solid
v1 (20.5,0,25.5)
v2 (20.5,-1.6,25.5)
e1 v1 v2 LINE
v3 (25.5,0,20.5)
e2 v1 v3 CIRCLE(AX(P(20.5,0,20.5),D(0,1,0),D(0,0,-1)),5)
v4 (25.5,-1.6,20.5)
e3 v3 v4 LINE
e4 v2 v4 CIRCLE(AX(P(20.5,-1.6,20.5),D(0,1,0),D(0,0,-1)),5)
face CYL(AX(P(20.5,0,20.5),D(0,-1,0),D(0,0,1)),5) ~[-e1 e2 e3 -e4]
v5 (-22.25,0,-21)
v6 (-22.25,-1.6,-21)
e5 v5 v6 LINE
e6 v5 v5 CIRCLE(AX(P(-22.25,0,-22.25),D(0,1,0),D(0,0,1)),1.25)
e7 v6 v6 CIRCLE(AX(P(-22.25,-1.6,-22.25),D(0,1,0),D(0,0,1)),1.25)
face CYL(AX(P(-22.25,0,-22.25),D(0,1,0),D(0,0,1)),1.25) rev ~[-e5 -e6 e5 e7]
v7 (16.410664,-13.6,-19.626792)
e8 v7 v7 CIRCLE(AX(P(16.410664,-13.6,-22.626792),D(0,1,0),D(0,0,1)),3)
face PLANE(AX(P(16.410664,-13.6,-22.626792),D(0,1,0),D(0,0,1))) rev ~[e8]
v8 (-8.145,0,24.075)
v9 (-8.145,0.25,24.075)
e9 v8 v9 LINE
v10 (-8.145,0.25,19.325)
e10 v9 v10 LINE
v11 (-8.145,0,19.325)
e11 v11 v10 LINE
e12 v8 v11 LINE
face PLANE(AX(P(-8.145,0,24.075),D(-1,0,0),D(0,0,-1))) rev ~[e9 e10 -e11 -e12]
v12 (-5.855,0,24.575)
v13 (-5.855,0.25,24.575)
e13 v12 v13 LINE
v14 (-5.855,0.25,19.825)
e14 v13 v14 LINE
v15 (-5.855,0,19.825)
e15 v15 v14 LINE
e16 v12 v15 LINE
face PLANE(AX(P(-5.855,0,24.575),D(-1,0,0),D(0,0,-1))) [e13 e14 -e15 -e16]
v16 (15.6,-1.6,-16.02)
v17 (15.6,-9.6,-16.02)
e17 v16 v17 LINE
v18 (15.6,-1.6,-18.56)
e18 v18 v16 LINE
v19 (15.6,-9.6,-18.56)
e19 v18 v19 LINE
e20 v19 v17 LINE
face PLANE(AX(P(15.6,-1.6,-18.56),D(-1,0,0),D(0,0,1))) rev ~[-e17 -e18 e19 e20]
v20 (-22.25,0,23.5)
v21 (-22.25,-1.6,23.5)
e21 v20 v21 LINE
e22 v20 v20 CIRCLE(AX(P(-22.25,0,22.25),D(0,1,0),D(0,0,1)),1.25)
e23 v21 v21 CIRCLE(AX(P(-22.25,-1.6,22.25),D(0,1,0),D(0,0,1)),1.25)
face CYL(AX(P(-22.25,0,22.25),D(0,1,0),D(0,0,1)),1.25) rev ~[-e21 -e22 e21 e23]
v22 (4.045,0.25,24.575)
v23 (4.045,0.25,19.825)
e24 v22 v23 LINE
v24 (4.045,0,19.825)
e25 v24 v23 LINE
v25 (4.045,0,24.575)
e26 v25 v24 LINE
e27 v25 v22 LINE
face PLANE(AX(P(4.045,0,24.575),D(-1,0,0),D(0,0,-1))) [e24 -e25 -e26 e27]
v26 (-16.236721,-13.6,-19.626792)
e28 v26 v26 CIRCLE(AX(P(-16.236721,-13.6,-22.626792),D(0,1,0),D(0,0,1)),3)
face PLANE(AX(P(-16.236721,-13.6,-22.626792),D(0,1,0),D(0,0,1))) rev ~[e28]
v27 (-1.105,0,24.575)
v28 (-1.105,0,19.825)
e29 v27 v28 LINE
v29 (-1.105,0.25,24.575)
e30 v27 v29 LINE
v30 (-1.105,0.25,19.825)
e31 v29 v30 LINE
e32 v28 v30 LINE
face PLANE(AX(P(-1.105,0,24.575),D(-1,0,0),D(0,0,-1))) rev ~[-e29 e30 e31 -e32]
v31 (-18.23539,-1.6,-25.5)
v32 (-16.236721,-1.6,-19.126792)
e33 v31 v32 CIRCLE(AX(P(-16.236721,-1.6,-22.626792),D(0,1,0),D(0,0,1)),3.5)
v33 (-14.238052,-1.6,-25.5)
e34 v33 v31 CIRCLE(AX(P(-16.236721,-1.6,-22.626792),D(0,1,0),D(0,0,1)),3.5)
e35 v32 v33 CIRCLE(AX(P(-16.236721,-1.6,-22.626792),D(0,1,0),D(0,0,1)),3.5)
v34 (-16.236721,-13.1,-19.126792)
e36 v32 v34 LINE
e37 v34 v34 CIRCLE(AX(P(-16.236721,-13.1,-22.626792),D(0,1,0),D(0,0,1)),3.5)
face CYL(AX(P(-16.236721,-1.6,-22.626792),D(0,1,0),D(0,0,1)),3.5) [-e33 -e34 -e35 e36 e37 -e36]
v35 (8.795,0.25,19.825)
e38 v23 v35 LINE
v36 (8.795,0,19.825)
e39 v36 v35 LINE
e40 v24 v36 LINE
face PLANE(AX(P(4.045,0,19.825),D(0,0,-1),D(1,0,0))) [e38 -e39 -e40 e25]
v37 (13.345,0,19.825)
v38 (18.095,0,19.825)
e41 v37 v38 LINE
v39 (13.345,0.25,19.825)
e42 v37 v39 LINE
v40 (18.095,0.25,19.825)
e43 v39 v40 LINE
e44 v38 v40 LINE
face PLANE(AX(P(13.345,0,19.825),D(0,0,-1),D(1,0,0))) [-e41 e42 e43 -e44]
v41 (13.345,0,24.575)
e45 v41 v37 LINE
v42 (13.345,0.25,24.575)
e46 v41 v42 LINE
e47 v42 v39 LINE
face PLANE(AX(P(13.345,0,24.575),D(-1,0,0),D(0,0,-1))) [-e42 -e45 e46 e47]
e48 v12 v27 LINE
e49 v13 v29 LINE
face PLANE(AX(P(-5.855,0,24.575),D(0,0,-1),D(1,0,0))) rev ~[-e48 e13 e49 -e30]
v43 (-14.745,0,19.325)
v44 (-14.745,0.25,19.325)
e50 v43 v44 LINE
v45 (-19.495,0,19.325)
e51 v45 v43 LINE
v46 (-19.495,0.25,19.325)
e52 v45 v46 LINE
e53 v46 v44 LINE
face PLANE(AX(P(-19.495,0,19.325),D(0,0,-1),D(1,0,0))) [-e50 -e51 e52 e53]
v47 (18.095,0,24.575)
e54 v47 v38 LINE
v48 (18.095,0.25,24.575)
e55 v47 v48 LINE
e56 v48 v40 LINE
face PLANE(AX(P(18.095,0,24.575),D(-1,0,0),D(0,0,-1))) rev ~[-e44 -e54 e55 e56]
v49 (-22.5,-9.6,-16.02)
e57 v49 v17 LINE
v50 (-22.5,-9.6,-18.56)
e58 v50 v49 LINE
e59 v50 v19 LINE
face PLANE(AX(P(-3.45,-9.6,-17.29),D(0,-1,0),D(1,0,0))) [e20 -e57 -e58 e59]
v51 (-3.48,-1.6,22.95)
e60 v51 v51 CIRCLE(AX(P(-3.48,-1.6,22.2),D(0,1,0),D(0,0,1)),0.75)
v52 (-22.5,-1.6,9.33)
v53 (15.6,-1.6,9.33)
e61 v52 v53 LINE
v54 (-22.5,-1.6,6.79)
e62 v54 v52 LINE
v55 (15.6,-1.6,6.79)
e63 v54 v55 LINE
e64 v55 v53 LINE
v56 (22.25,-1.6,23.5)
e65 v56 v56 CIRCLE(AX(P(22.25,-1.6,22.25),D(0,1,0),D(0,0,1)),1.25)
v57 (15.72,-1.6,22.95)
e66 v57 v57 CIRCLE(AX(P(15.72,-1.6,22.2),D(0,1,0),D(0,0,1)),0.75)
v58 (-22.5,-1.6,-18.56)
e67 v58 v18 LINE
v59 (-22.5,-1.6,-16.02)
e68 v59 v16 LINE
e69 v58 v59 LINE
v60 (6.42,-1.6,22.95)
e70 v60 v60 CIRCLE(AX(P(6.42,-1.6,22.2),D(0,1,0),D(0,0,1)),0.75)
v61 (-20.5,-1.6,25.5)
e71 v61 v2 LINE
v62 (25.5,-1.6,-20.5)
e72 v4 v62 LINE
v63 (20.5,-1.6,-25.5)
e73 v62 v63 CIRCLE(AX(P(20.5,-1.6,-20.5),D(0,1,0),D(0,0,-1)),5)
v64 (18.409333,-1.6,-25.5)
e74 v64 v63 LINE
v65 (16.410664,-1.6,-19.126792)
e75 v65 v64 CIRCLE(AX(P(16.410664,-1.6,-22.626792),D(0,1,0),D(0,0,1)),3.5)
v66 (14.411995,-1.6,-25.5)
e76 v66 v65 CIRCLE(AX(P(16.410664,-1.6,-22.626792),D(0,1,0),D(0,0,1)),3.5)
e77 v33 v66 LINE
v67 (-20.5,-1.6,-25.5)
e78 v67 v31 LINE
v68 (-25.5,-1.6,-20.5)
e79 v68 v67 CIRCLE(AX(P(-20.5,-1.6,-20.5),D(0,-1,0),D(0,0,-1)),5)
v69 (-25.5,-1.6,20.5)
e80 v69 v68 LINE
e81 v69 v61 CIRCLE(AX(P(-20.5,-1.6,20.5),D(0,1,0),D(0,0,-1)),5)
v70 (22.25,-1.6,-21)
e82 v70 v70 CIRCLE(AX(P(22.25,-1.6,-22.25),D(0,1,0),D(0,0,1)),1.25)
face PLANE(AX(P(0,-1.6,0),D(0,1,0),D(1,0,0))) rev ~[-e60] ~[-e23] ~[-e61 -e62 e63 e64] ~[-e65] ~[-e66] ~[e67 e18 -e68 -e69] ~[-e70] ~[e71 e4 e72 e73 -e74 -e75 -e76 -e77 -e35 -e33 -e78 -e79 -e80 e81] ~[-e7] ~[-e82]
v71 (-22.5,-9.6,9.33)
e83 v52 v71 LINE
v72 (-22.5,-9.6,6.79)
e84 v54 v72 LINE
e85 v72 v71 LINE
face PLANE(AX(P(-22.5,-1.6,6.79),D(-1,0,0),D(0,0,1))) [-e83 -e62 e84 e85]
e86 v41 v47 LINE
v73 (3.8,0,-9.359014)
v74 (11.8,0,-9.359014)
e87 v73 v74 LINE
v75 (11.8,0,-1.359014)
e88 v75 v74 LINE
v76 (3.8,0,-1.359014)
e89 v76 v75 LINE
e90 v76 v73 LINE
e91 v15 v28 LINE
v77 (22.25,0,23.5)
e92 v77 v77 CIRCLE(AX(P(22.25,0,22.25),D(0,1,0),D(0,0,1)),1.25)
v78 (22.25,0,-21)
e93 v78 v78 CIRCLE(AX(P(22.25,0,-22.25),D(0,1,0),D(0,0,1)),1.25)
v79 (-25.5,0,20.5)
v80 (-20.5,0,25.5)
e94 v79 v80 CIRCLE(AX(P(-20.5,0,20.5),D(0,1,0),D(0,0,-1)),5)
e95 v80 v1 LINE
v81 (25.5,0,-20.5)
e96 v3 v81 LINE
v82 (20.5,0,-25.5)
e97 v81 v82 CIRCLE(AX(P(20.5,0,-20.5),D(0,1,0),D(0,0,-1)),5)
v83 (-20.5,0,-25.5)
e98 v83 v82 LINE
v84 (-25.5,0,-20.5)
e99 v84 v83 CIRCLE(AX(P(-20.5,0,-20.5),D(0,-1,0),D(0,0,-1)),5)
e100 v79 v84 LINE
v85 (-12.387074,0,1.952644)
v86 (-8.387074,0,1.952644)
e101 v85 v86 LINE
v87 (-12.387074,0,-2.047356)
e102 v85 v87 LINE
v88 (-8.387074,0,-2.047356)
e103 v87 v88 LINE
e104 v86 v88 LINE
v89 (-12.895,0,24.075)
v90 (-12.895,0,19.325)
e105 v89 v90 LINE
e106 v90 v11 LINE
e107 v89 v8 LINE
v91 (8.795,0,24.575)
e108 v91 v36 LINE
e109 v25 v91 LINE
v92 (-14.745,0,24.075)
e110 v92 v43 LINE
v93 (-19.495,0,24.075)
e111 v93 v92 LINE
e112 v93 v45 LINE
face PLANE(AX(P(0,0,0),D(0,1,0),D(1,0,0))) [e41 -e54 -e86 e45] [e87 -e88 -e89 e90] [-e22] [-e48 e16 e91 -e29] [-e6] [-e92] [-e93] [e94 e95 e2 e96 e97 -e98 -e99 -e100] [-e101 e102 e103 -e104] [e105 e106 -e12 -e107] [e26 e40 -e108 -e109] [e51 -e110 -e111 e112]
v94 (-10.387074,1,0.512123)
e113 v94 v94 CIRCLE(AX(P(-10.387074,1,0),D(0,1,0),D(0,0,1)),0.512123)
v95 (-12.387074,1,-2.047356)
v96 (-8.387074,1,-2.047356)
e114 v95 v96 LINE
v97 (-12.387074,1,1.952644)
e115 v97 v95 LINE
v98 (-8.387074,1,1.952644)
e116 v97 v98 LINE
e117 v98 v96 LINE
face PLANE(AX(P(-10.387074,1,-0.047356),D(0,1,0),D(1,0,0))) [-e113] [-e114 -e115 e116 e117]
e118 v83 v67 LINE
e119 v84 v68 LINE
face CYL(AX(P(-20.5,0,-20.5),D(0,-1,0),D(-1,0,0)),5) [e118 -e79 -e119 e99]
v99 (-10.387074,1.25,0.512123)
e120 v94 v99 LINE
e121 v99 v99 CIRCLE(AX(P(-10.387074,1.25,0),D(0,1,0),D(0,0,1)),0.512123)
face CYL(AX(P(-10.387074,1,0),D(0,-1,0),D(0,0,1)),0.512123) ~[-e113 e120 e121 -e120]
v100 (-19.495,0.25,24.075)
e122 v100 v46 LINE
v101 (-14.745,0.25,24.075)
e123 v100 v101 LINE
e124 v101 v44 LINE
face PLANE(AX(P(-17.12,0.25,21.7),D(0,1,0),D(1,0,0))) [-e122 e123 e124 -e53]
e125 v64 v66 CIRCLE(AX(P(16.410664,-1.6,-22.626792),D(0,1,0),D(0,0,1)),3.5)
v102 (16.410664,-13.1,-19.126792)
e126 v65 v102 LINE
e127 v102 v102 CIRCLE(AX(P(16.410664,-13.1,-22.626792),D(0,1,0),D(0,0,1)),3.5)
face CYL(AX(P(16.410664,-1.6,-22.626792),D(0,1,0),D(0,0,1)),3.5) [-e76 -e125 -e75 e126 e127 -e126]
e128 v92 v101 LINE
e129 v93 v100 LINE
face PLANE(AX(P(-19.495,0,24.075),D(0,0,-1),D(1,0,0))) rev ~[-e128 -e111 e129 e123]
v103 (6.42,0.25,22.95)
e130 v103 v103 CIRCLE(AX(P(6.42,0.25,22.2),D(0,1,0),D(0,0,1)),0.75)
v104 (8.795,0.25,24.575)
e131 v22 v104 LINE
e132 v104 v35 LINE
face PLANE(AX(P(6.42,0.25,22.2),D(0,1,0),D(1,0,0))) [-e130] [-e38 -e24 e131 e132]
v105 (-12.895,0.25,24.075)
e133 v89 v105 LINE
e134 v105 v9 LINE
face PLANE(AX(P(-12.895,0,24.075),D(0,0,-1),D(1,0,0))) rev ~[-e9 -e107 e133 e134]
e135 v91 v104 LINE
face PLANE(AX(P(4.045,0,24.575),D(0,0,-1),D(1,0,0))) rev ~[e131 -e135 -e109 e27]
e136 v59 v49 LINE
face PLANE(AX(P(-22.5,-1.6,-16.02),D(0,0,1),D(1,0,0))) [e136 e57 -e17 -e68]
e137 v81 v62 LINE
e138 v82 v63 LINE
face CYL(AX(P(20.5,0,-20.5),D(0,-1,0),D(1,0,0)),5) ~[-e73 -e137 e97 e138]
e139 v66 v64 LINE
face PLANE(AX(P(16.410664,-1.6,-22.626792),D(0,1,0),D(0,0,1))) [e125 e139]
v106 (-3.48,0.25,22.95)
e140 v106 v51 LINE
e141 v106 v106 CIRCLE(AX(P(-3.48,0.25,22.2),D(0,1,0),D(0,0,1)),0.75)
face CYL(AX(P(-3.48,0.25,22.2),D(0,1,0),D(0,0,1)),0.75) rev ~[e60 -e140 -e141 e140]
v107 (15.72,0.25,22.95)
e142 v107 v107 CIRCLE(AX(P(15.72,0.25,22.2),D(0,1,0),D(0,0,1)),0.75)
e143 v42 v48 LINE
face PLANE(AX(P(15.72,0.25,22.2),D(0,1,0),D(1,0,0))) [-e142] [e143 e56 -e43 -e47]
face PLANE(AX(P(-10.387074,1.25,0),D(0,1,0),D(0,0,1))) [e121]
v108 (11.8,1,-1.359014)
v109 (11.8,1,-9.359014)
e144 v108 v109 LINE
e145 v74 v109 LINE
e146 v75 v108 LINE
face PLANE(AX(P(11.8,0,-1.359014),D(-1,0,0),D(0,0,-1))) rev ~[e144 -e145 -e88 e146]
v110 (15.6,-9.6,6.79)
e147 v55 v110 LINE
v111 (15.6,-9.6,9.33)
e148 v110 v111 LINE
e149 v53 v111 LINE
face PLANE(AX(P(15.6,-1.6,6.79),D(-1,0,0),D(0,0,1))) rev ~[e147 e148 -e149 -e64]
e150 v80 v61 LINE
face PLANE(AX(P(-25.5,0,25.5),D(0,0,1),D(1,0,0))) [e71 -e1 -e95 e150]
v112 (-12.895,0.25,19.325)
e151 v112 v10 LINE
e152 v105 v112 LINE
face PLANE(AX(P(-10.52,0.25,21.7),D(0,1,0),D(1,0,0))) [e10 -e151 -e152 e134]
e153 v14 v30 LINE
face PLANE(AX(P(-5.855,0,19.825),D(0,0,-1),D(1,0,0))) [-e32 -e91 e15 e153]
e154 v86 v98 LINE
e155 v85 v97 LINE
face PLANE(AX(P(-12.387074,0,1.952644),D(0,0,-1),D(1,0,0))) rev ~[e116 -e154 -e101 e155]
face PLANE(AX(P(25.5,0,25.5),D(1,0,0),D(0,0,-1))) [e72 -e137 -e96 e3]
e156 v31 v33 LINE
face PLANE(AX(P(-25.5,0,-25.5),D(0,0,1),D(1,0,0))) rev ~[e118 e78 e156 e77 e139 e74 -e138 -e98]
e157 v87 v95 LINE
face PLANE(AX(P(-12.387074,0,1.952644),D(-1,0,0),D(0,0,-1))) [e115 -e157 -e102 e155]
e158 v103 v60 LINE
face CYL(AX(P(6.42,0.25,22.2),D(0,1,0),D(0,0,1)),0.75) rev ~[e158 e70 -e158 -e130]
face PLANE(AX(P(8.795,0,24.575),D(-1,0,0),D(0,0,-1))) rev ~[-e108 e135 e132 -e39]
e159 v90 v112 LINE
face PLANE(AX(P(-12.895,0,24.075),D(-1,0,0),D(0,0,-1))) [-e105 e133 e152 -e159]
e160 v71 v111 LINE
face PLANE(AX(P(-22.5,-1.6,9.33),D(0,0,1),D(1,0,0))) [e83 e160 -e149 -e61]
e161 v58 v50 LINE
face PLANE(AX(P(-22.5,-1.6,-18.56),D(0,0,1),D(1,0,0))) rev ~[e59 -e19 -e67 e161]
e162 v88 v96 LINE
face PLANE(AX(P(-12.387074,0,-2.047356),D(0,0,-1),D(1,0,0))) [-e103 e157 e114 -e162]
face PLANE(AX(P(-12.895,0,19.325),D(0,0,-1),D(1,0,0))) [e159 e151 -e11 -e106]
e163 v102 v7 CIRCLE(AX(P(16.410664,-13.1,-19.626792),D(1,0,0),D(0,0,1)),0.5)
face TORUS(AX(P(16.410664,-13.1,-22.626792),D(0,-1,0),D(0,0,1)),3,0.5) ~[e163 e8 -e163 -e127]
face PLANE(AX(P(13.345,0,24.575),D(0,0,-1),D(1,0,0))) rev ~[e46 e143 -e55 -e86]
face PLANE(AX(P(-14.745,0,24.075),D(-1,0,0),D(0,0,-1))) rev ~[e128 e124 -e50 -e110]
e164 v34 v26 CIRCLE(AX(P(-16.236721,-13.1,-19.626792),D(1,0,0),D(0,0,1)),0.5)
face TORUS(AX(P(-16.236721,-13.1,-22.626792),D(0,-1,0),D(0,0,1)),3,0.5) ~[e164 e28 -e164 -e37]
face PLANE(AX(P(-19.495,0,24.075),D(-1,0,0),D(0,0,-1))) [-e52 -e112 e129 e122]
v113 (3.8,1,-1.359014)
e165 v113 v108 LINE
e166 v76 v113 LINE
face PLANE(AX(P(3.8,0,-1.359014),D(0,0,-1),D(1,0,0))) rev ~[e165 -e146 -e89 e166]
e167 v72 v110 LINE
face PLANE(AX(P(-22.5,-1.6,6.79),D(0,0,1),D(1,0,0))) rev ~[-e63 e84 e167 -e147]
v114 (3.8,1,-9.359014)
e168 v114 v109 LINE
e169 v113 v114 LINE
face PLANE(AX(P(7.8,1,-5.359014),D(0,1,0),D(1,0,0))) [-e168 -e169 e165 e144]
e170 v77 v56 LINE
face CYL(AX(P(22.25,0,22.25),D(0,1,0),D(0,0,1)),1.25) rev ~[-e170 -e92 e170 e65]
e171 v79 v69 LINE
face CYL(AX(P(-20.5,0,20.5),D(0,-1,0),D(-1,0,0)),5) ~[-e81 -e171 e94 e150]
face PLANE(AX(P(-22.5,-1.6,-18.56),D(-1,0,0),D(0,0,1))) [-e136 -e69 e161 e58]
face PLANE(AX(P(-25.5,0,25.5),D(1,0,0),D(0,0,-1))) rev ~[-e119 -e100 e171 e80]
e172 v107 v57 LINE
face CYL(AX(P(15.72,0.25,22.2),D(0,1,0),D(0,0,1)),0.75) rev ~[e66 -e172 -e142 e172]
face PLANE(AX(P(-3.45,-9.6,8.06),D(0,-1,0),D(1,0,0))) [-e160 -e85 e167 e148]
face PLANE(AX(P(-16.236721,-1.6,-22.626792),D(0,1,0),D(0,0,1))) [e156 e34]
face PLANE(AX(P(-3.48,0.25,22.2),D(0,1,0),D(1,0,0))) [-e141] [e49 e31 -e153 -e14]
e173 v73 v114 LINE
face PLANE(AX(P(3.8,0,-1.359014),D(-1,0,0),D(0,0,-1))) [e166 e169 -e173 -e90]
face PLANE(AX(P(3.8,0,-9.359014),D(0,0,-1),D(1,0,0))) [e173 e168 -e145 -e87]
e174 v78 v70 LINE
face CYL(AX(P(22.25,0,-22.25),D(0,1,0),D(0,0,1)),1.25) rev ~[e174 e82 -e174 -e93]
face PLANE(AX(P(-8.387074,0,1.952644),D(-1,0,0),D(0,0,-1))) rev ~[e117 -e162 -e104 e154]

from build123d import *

# Parameters (mm, degrees)
CROQUIS1_W              = 51
CROQUIS1_H              = 51
SALIENTE_EXTRUIR1_DEPTH = 1.6
REDONDEO1_R             = 5
CROQUIS2_W              = 4
CROQUIS2_H              = 4
CROQUIS2_W_2            = 8
CROQUIS2_H_2            = 8
SALIENTE_EXTRUIR2_DEPTH = 1
CROQUIS3_R              = 1.25
CORTAR_EXTRUIR1_DEPTH   = 37.097922378
CROQUIS4_W              = 4.75
CROQUIS4_H              = 4.75
SALIENTE_EXTRUIR3_DEPTH = 0.25
CROQUIS5_R              = 0.75
CORTAR_EXTRUIR2_DEPTH   = 37.109867073
CROQUIS6_R              = 3.5
SALIENTE_EXTRUIR4_DEPTH = 12
REDONDEO2_R             = 0.5
CROQUIS7_W              = 38.1
CROQUIS7_H              = 2.54
SALIENTE_EXTRUIR5_DEPTH = 8
CROQUIS8_R              = 0.512123022
SALIENTE_EXTRUIR6_DEPTH = 0.25


with BuildPart() as part:
    # Croquis1 → Saliente-Extruir1 (new body)
    with BuildSketch(Plane(origin=(0, 0, 0), x_dir=(1, 0, 0), z_dir=(0, 1, 0))):
        Rectangle(CROQUIS1_W, CROQUIS1_H)
    extrude(amount=-SALIENTE_EXTRUIR1_DEPTH)

    # Redondeo1
    redondeo1_edges = [part.edges().sort_by_distance(p)[0] for p in [
        (25.5, -0.8, 25.5),
        (-25.5, -0.8, 25.5),
        (-25.5, -0.8, -25.5),
        (25.5, -0.8, -25.5),
    ]]
    fillet(redondeo1_edges, radius=REDONDEO1_R)

    # Croquis2 → Saliente-Extruir2 (add)
    with BuildSketch(Plane(origin=(0, 0, 0), x_dir=(1, 0, 0), z_dir=(0, 1, 0))):
        with Locations((-10.387074195, 0.047356258)):
            Rectangle(CROQUIS2_W, CROQUIS2_H)
        with Locations((7.8, 5.359014033)):
            Rectangle(CROQUIS2_W_2, CROQUIS2_H_2)
    extrude(amount=SALIENTE_EXTRUIR2_DEPTH)

    # Croquis3 → Cortar-Extruir1 (cut, through all)
    with BuildSketch(Plane(origin=(0, 0, 0), x_dir=(1, 0, 0), z_dir=(0, 1, 0))):
        with Locations(Location((-22.25, 22.25, 0), (0, 0, 270))):
            Circle(CROQUIS3_R)
        with Locations(Location((-22.25, -22.25, 0), (0, 0, 270))):
            Circle(CROQUIS3_R)
        with Locations(Location((22.25, -22.25, 0), (0, 0, 270))):
            Circle(CROQUIS3_R)
        with Locations(Location((22.25, 22.25, 0), (0, 0, 270))):
            Circle(CROQUIS3_R)
    extrude(amount=-CORTAR_EXTRUIR1_DEPTH, mode=Mode.SUBTRACT)

    # Croquis4 → Saliente-Extruir3 (add)
    with BuildSketch(Plane(origin=(0, 0, 0), x_dir=(1, 0, 0), z_dir=(0, 1, 0))):
        with Locations((-3.48, -22.2)):
            Rectangle(CROQUIS4_W, CROQUIS4_H)
        with Locations((6.42, -22.2)):
            Rectangle(CROQUIS4_W, CROQUIS4_H)
        with Locations((15.72, -22.2)):
            Rectangle(CROQUIS4_W, CROQUIS4_H)
        with Locations((-10.52, -21.7)):
            Rectangle(CROQUIS4_W, CROQUIS4_H)
        with Locations((-17.12, -21.7)):
            Rectangle(CROQUIS4_W, CROQUIS4_H)
    extrude(amount=SALIENTE_EXTRUIR3_DEPTH)

    # Croquis5 → Cortar-Extruir2 (cut, through all)
    with BuildSketch(Plane(origin=(0, 0.25, 0), x_dir=(1, 0, 0), z_dir=(0, 1, 0))):
        with Locations(Location((-3.48, -22.2, 0), (0, 0, 270))):
            Circle(CROQUIS5_R)
        with Locations(Location((6.42, -22.2, 0), (0, 0, 270))):
            Circle(CROQUIS5_R)
        with Locations(Location((15.72, -22.2, 0), (0, 0, 270))):
            Circle(CROQUIS5_R)
    extrude(amount=-CORTAR_EXTRUIR2_DEPTH, mode=Mode.SUBTRACT)

    # Croquis6 → Saliente-Extruir4 (add)
    with BuildSketch(Plane(origin=(0, -1.6, 0), x_dir=(1, 0, 0), z_dir=(0, 1, 0))):
        with Locations(Location((-16.236720917, 22.626792328, 0), (0, 0, 270))):
            Circle(CROQUIS6_R)
        with Locations(Location((16.410663599, 22.626792328, 0), (0, 0, 270))):
            Circle(CROQUIS6_R)
    extrude(amount=-SALIENTE_EXTRUIR4_DEPTH)

    # Redondeo2
    redondeo2_edges = [part.edges().sort_by_distance(p)[0] for p in [
        (-16.236720917, -13.6, -26.126792328),
        (16.410663599, -13.6, -26.126792328),
    ]]
    fillet(redondeo2_edges, radius=REDONDEO2_R)

    # Croquis7 → Saliente-Extruir5 (add)
    with BuildSketch(Plane.XZ.offset(1.6)):
        with Locations((-3.45, -17.29)):
            Rectangle(CROQUIS7_W, CROQUIS7_H)
        with Locations((-3.45, 8.06)):
            Rectangle(CROQUIS7_W, CROQUIS7_H)
    extrude(amount=SALIENTE_EXTRUIR5_DEPTH)

    # Croquis8 → Saliente-Extruir6 (add)
    with BuildSketch(Plane(origin=(0, 1, 0), x_dir=(1, 0, 0), z_dir=(0, 1, 0))):
        with Locations(Location((-10.387074195, 0, 0), (0, 0, 270))):
            Circle(CROQUIS8_R)
    extrude(amount=SALIENTE_EXTRUIR6_DEPTH)


solid = part.part
